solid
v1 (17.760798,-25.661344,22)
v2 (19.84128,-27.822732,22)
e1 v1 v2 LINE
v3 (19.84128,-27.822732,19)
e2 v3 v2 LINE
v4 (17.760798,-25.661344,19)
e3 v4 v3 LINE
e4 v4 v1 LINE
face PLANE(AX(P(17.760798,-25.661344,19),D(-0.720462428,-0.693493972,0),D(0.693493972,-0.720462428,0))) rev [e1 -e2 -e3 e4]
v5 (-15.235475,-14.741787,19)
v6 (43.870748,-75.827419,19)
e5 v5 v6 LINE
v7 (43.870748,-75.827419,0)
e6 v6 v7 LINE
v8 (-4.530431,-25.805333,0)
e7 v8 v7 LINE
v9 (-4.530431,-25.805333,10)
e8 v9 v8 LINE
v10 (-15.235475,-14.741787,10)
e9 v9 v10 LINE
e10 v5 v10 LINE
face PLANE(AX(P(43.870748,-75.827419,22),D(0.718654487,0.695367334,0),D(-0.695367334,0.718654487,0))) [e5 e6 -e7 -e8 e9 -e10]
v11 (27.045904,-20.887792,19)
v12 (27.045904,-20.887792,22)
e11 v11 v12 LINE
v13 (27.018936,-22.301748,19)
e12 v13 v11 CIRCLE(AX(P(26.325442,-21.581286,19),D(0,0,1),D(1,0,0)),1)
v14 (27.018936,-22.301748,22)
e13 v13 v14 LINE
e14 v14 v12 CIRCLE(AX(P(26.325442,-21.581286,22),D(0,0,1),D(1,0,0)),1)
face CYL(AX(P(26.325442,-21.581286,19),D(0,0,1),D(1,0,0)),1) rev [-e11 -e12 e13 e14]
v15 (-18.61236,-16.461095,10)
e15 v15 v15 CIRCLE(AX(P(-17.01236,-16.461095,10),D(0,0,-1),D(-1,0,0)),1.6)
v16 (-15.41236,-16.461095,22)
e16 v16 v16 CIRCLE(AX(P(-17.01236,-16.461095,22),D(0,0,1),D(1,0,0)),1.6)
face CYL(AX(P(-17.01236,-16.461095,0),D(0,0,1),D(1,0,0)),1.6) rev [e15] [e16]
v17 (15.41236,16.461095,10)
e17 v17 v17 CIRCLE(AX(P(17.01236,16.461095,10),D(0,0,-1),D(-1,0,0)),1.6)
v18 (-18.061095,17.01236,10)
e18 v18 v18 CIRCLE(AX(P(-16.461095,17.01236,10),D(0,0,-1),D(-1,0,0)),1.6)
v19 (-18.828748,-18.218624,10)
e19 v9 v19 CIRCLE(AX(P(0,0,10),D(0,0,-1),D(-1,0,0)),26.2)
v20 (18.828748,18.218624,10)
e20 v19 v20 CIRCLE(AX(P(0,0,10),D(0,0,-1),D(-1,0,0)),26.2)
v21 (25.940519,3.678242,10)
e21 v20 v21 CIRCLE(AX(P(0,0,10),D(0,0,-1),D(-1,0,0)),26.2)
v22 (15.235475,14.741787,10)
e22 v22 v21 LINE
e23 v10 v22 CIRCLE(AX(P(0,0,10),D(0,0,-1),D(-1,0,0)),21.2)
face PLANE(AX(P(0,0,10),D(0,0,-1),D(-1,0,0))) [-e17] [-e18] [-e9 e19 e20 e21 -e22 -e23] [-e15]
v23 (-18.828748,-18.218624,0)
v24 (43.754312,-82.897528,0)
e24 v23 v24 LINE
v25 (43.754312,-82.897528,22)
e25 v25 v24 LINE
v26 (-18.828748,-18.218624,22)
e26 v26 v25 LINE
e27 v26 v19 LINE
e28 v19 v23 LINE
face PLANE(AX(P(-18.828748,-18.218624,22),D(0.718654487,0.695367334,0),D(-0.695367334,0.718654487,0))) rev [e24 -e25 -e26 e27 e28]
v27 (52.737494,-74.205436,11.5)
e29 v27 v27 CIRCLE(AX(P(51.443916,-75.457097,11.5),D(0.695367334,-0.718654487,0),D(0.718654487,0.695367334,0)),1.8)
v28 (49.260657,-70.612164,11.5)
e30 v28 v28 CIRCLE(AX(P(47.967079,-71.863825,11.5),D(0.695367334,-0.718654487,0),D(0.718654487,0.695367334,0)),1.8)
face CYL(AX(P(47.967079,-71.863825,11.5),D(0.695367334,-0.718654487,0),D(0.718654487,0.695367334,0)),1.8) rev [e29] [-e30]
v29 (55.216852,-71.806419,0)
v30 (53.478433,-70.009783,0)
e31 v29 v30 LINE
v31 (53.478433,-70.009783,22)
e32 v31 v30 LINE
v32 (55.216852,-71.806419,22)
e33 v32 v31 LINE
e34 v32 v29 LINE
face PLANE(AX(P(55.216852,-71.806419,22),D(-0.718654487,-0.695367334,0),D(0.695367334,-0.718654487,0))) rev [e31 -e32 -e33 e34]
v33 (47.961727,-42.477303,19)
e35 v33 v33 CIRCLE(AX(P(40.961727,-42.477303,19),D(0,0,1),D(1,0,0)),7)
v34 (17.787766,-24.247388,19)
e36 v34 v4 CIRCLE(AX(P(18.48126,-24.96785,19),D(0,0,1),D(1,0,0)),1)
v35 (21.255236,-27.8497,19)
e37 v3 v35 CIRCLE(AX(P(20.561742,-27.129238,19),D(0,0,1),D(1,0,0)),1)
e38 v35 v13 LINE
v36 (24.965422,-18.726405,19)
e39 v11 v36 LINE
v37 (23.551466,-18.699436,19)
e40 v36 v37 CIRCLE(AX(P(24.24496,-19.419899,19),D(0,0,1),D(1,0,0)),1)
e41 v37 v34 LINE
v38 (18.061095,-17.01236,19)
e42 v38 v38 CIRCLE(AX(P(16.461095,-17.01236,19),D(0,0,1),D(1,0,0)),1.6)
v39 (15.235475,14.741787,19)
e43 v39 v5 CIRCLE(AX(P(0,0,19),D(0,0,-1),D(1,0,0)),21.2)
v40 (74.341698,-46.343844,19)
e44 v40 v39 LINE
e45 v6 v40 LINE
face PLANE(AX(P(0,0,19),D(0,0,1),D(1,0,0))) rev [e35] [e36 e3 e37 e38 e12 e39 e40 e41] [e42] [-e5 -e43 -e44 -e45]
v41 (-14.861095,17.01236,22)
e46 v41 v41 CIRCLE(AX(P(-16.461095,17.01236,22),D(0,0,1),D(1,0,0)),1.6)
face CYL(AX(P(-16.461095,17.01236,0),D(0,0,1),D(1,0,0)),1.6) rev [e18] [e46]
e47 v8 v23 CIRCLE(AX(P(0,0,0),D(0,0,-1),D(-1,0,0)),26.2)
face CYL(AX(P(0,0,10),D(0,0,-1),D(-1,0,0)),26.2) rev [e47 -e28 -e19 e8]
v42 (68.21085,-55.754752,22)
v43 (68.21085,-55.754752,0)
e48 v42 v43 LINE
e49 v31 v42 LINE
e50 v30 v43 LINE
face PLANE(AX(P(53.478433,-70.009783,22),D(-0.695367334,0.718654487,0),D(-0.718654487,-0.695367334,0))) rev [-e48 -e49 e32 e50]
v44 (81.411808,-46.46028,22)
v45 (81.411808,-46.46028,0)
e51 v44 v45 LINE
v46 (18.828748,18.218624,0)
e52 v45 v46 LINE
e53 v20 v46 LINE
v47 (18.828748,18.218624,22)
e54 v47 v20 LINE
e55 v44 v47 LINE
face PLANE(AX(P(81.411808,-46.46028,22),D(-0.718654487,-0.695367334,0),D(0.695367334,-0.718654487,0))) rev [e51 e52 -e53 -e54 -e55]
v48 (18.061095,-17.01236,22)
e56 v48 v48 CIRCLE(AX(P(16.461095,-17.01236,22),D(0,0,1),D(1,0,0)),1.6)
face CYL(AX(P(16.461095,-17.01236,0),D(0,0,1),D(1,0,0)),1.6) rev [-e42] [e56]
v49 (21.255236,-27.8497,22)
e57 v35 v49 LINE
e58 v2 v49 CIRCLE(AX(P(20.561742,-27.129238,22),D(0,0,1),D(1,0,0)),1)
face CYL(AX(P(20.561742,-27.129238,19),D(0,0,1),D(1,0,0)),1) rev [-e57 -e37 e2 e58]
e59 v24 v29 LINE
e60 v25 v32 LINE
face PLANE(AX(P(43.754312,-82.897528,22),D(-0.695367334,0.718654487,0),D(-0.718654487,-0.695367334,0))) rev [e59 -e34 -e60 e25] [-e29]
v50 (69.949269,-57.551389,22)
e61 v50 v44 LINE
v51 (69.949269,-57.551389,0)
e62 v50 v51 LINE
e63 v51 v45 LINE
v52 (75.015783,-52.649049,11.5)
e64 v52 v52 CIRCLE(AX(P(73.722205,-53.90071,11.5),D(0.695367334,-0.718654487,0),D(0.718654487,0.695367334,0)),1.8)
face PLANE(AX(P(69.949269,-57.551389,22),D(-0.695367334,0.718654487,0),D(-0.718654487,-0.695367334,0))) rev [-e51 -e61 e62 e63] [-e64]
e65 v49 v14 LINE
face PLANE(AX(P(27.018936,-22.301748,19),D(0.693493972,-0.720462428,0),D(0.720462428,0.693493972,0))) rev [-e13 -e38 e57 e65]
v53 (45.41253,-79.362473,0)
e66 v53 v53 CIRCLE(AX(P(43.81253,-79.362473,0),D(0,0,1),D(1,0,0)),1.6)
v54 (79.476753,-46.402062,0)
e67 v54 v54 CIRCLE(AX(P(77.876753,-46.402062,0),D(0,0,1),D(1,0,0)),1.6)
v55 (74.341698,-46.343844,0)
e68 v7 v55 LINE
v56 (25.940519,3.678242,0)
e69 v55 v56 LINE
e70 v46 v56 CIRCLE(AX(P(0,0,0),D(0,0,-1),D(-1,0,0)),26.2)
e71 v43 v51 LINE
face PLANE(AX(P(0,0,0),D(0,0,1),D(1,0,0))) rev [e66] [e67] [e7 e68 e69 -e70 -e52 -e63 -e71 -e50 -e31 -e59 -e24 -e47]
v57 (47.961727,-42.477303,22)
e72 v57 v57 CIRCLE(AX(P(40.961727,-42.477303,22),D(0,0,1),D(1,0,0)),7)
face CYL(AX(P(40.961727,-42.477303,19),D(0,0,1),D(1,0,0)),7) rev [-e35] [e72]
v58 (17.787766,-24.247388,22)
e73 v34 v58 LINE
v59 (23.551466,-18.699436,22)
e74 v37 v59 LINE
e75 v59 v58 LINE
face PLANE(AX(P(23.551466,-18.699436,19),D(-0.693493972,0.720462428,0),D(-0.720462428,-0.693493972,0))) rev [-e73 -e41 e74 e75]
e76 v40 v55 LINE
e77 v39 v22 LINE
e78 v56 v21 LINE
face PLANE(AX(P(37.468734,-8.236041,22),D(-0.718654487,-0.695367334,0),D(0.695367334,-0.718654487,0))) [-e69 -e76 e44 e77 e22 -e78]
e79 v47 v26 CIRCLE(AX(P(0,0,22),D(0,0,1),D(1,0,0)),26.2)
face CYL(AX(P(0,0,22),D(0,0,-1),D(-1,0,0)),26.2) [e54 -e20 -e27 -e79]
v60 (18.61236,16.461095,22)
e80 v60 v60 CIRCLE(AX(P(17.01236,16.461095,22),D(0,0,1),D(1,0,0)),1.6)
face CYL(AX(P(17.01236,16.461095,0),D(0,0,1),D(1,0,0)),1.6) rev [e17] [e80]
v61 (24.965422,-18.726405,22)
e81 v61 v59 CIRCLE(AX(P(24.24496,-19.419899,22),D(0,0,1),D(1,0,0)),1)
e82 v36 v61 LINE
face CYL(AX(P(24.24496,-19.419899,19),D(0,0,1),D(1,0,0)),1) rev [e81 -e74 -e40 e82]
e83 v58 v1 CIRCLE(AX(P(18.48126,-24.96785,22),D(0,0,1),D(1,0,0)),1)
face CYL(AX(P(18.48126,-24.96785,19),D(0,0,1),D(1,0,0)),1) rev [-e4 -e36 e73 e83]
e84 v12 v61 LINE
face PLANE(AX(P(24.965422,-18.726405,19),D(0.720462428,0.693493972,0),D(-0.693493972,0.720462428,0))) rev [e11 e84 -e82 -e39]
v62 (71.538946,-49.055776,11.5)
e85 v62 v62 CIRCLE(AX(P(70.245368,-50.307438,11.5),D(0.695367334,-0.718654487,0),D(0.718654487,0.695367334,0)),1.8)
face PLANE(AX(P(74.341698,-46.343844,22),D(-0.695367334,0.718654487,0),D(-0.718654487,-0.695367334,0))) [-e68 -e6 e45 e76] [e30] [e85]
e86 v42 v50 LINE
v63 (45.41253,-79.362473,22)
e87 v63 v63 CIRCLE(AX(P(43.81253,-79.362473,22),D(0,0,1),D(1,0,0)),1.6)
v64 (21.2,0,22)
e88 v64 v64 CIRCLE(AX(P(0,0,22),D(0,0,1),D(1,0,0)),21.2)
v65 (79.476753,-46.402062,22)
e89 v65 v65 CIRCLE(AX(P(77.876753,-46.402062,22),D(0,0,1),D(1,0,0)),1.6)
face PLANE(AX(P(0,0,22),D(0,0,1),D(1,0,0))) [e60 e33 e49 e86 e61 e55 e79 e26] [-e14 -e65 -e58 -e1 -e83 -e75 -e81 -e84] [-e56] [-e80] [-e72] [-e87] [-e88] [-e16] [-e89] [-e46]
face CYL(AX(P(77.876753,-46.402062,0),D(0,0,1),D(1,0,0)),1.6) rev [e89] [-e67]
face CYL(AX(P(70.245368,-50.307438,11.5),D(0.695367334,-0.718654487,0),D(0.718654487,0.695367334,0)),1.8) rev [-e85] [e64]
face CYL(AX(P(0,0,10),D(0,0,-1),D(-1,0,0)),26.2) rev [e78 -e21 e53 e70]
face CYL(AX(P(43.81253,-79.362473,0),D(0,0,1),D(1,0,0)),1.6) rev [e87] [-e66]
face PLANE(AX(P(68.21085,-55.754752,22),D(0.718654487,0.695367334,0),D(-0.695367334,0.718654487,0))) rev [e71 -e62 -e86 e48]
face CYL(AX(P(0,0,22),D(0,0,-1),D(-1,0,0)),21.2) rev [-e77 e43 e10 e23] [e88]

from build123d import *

# Parameters (mm, degrees)
BOSS_EXTRUDE1_DEPTH = 22
SKETCH3_R           = 26.2
CUT_EXTRUDE1_DEPTH  = 10
BOSS_EXTRUDE2_START = -3
SKETCH4_R           = 7
BOSS_EXTRUDE2_DEPTH = 3
SKETCH5_R           = 1.8
CUT_EXTRUDE2_DEPTH  = 5
SKETCH6_R           = 1.6
CUT_EXTRUDE3_DEPTH  = 119.253467405
SKETCH7_R           = 1.6
CUT_EXTRUDE4_DEPTH  = 119.253467405


with BuildPart() as part:
    # Sketch2 → Boss-Extrude1 (new body)
    with BuildSketch(Plane.XY):
        with BuildLine():
            Line((81.411807591, -46.460279646), (18.828747548, 18.218624146))
            ThreePointArc((18.828747548, 18.218624146), (-18.218624146, 18.828747548), (-18.828747548, -18.218624146))
            Line((-18.828747548, -18.218624146), (43.754312495, -82.897527937))
            Line((43.754312495, -82.897527937), (55.216851555, -71.806418963))
            Line((55.216851555, -71.806418963), (53.478433221, -70.009782747))
            Line((53.478433221, -70.009782747), (68.210850196, -55.754752404))
            Line((68.210850196, -55.754752404), (69.94926853, -57.55138862))
            Line((69.94926853, -57.55138862), (81.411807591, -46.460279646))
        make_face()
        with BuildLine():
            Line((37.468734256, -8.236041156), (74.341698489, -46.343843882))
            Line((74.341698489, -46.343843882), (43.870748258, -75.827418835))
            Line((43.870748258, -75.827418835), (6.997784026, -37.719616109))
            Line((6.997784026, -37.719616109), (-15.235475115, -14.741787477))
            ThreePointArc((-15.235475115, -14.741787477), (-14.741787477, 15.235475115), (15.235475115, 14.741787477))
            Line((15.235475115, 14.741787477), (37.468734256, -8.236041156))
        make_face(mode=Mode.SUBTRACT)
    extrude(amount=BOSS_EXTRUDE1_DEPTH)

    # Sketch3 → Cut-Extrude1 (cut)
    with BuildSketch(Plane(origin=(0, 0, 0), x_dir=(-1, 0, 0), z_dir=(0, 0, -1))):
        Circle(SKETCH3_R)
    extrude(amount=-CUT_EXTRUDE1_DEPTH, mode=Mode.SUBTRACT)

    # Sketch4 → Boss-Extrude2 (add)
    with BuildSketch(Plane.XY.offset(22).offset(BOSS_EXTRUDE2_START)):
        with BuildLine():
            Line((43.870748258, -75.827418835), (74.341698489, -46.343843882))
            Line((74.341698489, -46.343843882), (15.235475115, 14.741787477))
            ThreePointArc((15.235475115, 14.741787477), (14.741787477, -15.235475115), (-15.235475115, -14.741787477))
            Line((-15.235475115, -14.741787477), (43.870748258, -75.827418835))
        make_face()
        with Locations((40.961727216, -42.477303154)):
            Circle(SKETCH4_R, mode=Mode.SUBTRACT)
        with BuildLine():
            Line((24.96542229, -18.72640467), (27.045904207, -20.887791955))
            ThreePointArc((27.045904207, -20.887791955), (27.325259938, -21.600355505), (27.018935751, -22.301748355))
            Line((27.018935751, -22.301748355), (21.255236326, -27.849700134))
            ThreePointArc((21.255236326, -27.849700134), (20.542672775, -28.129055865), (19.841279925, -27.822731678))
            Line((19.841279925, -27.822731678), (17.760798008, -25.661344393))
            ThreePointArc((17.760798008, -25.661344393), (17.481442277, -24.948780843), (17.787766464, -24.247387993))
            Line((17.787766464, -24.247387993), (23.551465889, -18.699436214))
            ThreePointArc((23.551465889, -18.699436214), (24.264029439, -18.420080483), (24.96542229, -18.72640467))
        make_face(mode=Mode.SUBTRACT)
    extrude(amount=BOSS_EXTRUDE2_DEPTH)

    # Sketch5 → Cut-Extrude2 (cut)
    with BuildSketch(Plane(origin=(62.583060043, -64.678903792, 0), x_dir=(0.7186544865731441, 0.6953673338087509, 0), z_dir=(0.6953673338087509, -0.7186544865731441, 0))):
        with Locations((15.5, 11.5)):
            Circle(SKETCH5_R)
        with Locations((-15.5, 11.5)):
            Circle(SKETCH5_R)
    extrude(amount=-CUT_EXTRUDE2_DEPTH, mode=Mode.SUBTRACT)

    # Sketch6 → Cut-Extrude3 (cut, through all)
    with BuildSketch(Plane.XY.offset(22)):
        with Locations((77.87675304, -46.402061764)):
            Circle(SKETCH6_R)
        with Locations((43.812530376, -79.362473386)):
            Circle(SKETCH6_R)
    extrude(amount=-CUT_EXTRUDE3_DEPTH, mode=Mode.SUBTRACT)

    # Sketch7 → Cut-Extrude4 (cut, through all)
    with BuildSketch(Plane.XY.offset(22)):
        with Locations((-16.461094787, 17.012360299)):
            Circle(SKETCH7_R)
        with Locations((17.012360299, 16.461094787)):
            Circle(SKETCH7_R)
        with Locations((16.461094787, -17.012360299)):
            Circle(SKETCH7_R)
        with Locations((-17.012360299, -16.461094787)):
            Circle(SKETCH7_R)
    extrude(amount=-CUT_EXTRUDE4_DEPTH, mode=Mode.SUBTRACT)


solid = part.part
